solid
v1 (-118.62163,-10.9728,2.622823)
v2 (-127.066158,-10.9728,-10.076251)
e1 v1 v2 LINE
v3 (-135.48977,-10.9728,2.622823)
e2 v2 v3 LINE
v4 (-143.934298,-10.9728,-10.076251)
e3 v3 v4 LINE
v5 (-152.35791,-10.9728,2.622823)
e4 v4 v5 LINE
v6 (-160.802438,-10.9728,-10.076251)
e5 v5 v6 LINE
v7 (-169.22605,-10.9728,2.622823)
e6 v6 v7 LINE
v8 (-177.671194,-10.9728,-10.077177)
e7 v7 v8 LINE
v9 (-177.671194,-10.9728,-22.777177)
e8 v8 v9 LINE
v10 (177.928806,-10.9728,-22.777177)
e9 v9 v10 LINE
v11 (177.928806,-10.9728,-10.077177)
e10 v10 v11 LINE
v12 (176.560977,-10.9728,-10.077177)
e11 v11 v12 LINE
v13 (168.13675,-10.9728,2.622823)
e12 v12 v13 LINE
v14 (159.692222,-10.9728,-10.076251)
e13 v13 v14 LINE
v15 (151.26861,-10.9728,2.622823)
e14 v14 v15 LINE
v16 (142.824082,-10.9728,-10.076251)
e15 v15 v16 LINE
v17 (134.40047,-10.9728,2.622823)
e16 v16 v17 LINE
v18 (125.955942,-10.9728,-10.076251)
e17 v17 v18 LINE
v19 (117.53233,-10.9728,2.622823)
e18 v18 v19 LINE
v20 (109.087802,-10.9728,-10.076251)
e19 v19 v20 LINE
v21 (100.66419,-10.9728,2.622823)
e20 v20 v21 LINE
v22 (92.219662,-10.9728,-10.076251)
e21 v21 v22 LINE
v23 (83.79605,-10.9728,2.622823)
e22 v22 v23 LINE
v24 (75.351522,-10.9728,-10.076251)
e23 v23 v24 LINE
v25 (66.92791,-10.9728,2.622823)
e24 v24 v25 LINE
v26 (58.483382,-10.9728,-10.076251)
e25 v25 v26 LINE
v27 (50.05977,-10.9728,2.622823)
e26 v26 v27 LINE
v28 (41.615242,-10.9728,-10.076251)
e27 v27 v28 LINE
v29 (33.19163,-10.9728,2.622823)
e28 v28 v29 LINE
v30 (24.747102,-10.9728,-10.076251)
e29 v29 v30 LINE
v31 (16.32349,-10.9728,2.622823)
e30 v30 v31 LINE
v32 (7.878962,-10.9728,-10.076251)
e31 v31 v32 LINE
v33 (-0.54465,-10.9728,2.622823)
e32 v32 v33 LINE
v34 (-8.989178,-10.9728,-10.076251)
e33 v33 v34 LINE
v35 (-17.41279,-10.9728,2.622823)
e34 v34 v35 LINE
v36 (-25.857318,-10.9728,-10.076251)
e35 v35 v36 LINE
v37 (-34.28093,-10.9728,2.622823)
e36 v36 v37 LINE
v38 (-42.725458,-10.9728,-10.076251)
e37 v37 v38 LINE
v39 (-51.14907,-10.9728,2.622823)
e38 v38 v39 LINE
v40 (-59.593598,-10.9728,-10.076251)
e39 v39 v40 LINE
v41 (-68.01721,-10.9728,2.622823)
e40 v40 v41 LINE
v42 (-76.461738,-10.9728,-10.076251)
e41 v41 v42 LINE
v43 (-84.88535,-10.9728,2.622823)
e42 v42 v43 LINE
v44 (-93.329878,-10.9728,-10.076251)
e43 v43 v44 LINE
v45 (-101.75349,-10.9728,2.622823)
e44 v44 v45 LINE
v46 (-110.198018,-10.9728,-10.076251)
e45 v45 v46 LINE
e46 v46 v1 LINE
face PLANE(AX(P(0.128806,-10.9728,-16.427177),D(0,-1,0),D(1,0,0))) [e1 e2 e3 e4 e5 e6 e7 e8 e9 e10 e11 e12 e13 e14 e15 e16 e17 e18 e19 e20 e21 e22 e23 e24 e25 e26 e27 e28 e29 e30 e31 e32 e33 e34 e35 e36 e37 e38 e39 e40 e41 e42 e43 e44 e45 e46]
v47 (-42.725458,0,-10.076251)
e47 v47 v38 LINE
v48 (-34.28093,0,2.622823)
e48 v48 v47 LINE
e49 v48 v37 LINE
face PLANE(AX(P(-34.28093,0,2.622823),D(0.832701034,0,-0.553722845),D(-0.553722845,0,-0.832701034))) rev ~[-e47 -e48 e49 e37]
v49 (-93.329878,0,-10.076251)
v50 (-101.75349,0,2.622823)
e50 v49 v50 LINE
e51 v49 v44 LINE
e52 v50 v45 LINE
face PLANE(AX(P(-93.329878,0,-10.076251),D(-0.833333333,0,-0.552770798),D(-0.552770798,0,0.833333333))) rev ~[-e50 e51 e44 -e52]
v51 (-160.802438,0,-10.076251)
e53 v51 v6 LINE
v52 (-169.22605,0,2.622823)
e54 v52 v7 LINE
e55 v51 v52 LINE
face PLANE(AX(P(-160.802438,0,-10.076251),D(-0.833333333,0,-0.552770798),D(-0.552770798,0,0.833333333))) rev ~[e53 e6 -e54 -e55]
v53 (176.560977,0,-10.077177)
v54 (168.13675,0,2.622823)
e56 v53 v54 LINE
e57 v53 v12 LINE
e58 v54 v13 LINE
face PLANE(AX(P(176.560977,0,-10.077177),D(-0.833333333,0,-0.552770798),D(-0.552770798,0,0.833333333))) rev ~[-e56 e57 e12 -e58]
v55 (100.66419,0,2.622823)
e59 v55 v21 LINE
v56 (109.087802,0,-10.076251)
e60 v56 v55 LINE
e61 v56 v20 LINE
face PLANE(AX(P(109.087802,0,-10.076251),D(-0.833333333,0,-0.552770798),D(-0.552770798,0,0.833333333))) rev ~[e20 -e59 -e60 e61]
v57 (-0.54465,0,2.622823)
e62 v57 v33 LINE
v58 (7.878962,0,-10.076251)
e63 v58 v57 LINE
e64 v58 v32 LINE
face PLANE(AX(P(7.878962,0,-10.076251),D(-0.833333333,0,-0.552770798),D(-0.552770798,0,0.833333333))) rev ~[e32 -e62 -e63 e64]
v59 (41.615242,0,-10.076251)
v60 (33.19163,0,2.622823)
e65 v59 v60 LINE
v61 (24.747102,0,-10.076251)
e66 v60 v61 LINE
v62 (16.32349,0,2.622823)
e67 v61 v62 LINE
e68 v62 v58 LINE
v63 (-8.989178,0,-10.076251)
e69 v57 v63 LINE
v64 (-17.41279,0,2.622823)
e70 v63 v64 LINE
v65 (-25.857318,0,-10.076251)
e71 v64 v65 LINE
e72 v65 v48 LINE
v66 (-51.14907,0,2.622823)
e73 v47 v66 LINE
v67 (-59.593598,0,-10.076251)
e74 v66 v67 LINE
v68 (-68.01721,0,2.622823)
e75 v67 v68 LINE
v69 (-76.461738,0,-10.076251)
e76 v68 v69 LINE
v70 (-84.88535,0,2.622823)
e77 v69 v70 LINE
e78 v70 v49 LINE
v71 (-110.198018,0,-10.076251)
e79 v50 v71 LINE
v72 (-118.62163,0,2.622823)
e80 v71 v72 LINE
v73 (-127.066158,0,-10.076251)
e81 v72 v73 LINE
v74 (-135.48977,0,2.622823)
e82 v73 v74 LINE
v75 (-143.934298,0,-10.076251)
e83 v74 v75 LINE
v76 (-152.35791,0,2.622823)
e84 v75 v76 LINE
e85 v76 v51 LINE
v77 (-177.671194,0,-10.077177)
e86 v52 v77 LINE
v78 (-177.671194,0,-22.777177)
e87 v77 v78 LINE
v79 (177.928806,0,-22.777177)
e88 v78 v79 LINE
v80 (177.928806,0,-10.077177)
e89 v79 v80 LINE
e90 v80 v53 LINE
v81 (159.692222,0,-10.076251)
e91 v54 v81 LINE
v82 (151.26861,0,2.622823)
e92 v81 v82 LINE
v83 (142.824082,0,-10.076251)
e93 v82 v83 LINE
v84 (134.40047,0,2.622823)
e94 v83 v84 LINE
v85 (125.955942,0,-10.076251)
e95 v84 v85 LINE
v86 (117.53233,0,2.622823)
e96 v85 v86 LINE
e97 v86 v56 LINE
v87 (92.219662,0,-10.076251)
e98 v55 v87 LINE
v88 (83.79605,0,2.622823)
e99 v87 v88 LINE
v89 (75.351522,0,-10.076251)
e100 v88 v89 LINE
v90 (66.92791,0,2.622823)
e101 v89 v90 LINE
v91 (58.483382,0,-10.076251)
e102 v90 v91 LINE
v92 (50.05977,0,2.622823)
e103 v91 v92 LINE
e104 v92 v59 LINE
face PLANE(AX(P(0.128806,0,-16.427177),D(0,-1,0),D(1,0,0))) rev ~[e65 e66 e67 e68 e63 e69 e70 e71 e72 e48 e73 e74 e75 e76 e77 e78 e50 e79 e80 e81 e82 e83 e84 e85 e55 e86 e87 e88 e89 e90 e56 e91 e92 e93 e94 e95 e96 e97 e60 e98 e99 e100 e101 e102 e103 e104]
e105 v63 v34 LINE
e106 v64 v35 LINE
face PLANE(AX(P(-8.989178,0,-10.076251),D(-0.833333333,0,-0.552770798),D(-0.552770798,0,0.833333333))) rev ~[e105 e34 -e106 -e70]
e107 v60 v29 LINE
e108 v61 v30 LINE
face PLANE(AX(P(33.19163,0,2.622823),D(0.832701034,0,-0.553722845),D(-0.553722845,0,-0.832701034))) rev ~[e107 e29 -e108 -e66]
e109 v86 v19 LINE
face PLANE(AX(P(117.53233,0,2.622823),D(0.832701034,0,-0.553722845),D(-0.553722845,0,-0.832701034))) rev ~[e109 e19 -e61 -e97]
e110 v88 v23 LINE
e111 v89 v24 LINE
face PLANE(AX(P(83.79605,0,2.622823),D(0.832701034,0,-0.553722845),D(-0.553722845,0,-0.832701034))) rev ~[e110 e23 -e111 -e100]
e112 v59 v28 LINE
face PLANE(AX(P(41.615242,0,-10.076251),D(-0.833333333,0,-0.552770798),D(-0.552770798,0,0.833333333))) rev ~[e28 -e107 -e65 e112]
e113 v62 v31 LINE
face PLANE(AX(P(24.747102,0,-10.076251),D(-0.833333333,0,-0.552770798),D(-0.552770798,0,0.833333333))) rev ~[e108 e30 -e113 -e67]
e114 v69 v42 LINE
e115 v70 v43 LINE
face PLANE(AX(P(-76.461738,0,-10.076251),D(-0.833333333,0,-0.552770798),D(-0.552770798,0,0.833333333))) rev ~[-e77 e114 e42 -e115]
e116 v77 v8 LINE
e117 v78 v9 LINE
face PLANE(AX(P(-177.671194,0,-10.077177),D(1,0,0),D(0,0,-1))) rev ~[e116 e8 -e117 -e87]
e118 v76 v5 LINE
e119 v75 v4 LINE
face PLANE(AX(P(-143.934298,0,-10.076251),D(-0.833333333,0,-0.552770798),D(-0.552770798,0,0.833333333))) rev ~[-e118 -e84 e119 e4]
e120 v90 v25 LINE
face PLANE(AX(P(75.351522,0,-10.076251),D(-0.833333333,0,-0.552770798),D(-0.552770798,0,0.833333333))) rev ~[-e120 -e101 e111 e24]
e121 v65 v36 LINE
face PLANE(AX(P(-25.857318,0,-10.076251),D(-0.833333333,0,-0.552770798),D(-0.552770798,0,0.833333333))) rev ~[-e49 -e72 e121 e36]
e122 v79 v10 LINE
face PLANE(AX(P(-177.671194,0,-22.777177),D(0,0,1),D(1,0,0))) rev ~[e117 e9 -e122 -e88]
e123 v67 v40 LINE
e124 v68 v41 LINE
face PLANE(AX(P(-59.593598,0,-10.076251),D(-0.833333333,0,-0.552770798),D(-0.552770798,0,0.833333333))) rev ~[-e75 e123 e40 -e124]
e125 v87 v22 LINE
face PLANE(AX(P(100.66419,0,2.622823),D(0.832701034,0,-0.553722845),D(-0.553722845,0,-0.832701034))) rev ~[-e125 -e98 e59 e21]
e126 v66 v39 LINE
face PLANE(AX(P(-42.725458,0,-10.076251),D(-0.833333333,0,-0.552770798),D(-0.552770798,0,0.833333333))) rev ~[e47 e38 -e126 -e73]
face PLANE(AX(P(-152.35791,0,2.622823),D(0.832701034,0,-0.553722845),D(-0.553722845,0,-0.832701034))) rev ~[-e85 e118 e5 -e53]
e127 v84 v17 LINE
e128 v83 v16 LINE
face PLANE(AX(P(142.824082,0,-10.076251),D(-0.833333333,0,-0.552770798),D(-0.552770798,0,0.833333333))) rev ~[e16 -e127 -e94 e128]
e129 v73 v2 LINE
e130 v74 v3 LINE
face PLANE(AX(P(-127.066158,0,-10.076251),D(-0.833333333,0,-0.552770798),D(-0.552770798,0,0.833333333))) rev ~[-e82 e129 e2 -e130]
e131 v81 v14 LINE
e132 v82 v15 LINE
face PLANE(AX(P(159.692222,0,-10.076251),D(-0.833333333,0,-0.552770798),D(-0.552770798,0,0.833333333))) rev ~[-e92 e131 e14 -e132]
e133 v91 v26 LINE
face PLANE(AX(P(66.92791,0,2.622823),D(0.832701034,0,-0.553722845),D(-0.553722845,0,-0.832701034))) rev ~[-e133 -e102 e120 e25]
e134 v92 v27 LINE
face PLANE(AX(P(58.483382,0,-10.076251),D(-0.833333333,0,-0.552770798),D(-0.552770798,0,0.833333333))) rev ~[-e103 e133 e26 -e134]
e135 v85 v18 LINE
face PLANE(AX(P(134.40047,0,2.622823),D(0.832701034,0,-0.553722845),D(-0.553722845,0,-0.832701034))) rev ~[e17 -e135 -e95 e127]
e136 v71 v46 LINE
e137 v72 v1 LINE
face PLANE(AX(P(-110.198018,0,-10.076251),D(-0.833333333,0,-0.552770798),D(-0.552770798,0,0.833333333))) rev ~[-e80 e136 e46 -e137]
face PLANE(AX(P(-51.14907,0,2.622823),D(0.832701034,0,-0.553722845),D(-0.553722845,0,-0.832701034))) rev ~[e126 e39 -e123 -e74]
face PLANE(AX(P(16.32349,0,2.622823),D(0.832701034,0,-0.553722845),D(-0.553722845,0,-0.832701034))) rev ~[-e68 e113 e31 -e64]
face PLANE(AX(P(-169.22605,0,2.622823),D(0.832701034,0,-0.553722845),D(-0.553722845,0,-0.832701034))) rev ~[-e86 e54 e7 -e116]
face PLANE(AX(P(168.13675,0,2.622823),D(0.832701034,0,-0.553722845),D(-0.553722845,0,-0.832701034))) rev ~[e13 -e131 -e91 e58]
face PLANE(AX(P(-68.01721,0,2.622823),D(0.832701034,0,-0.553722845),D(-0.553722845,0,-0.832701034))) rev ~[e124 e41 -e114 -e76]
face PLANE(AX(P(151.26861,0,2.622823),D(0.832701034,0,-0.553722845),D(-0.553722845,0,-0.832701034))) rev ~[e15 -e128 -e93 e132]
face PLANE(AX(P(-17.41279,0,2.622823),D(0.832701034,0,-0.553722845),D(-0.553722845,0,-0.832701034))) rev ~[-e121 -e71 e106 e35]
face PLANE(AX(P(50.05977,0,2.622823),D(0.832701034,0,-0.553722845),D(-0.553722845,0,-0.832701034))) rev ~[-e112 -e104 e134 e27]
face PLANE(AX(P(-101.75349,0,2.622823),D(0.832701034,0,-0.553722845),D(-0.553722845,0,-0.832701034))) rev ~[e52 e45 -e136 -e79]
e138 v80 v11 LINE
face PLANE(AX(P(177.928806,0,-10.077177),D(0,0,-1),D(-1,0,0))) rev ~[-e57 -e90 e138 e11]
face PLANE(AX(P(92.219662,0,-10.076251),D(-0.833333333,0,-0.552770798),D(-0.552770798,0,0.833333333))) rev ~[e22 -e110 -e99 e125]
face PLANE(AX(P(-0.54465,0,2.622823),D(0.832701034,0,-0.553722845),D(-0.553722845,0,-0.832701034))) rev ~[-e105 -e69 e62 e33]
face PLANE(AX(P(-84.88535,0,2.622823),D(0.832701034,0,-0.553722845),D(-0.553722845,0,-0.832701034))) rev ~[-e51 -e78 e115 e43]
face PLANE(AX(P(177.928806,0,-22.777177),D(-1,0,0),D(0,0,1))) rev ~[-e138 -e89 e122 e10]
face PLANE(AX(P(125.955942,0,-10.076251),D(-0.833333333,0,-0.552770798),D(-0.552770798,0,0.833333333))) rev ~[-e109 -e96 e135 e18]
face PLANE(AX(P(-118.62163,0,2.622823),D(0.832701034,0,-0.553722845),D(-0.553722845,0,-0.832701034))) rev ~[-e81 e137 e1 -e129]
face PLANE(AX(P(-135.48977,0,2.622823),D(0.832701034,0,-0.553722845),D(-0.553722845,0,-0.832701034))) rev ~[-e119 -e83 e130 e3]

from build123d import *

# Parameters (mm, degrees)
F1_DEPTH = 10.9728


with BuildPart() as f1:
    # F0 (on Front) → F1 (new body)
    with BuildSketch(Plane.XZ):
        Polygon((-177.6711943626, -10.0771774247), (-177.6711943626, -22.7771774247), (177.9288056374, -22.7771774247), (177.9288056374, -10.0771774247), (176.5609765906, -10.0771774247), (159.6928365906, -10.0771774247), (159.6916056374, -10.0771774247), (142.8246965906, -10.0771774247), (142.8234656374, -10.0771774247), (125.9565565906, -10.0771774247), (125.9553256374, -10.0771774247), (109.0884165906, -10.0771774247), (109.0871856374, -10.0771774247), (92.2202765906, -10.0771774247), (92.2190456374, -10.0771774247), (75.3521365906, -10.0771774247), (75.3509056374, -10.0771774247), (58.4839965906, -10.0771774247), (58.4827656374, -10.0771774247), (41.6158565906, -10.0771774247), (41.6146256374, -10.0771774247), (24.7477165906, -10.0771774247), (24.7464856374, -10.0771774247), (7.8795765906, -10.0771774247), (7.8783456374, -10.0771774247), (-8.9885634094, -10.0771774247), (-8.9897943626, -10.0771774247), (-25.8567034094, -10.0771774247), (-25.8579343626, -10.0771774247), (-42.7248434094, -10.0771774247), (-42.7260743626, -10.0771774247), (-59.5929834094, -10.0771774247), (-59.5942143626, -10.0771774247), (-76.4611234094, -10.0771774247), (-76.4623543626, -10.0771774247), (-93.3292634094, -10.0771774247), (-93.3304943626, -10.0771774247), (-110.1974034094, -10.0771774247), (-110.1986343626, -10.0771774247), (-127.0655434094, -10.0771774247), (-127.0667743626, -10.0771774247), (-143.9336834094, -10.0771774247), (-143.9349143626, -10.0771774247), (-160.8018234094, -10.0771774247), (-160.8030543626, -10.0771774247), align=None)
        Polygon((-169.2260503769, 2.6228225753), (-177.6711943626, -10.0771774247), (-160.8030543626, -10.0771774247), (-160.8024381229, -10.0762507093), align=None)
        Polygon((-160.8024381229, -10.0762507093), (-160.8030543626, -10.0771774247), (-160.8018234094, -10.0771774247), align=None)
        Polygon((159.6928365906, -10.0771774247), (176.5609765906, -10.0771774247), (168.1367496231, 2.6228225753), (159.6922218771, -10.0762507093), align=None)
        Polygon((-160.8024381229, -10.0762507093), (-160.8018234094, -10.0771774247), (-143.9349143626, -10.0771774247), (-143.9342981229, -10.0762507093), (-152.3579103769, 2.6228225753), align=None)
        Polygon((159.6916056374, -10.0771774247), (159.6928365906, -10.0771774247), (159.6922218771, -10.0762507093), align=None)
        Polygon((-143.9342981229, -10.0762507093), (-143.9349143626, -10.0771774247), (-143.9336834094, -10.0771774247), align=None)
        Polygon((142.8246965906, -10.0771774247), (159.6916056374, -10.0771774247), (159.6922218771, -10.0762507093), (151.2686096231, 2.6228225753), (142.8240818771, -10.0762507093), align=None)
        Polygon((-143.9342981229, -10.0762507093), (-143.9336834094, -10.0771774247), (-127.0667743626, -10.0771774247), (-127.0661581229, -10.0762507093), (-135.4897703769, 2.6228225753), align=None)
        Polygon((142.8234656374, -10.0771774247), (142.8246965906, -10.0771774247), (142.8240818771, -10.0762507093), align=None)
        Polygon((-127.0661581229, -10.0762507093), (-127.0667743626, -10.0771774247), (-127.0655434094, -10.0771774247), align=None)
        Polygon((125.9565565906, -10.0771774247), (142.8234656374, -10.0771774247), (142.8240818771, -10.0762507093), (134.4004696231, 2.6228225753), (125.9559418771, -10.0762507093), align=None)
        Polygon((-127.0661581229, -10.0762507093), (-127.0655434094, -10.0771774247), (-110.1986343626, -10.0771774247), (-110.1980181229, -10.0762507093), (-118.6216303769, 2.6228225753), align=None)
        Polygon((125.9553256374, -10.0771774247), (125.9565565906, -10.0771774247), (125.9559418771, -10.0762507093), align=None)
        Polygon((-110.1980181229, -10.0762507093), (-110.1986343626, -10.0771774247), (-110.1974034094, -10.0771774247), align=None)
        Polygon((109.0884165906, -10.0771774247), (125.9553256374, -10.0771774247), (125.9559418771, -10.0762507093), (117.5323296231, 2.6228225753), (109.0878018771, -10.0762507093), align=None)
        Polygon((-110.1980181229, -10.0762507093), (-110.1974034094, -10.0771774247), (-93.3304943626, -10.0771774247), (-93.3298781229, -10.0762507093), (-101.7534903769, 2.6228225753), align=None)
        Polygon((109.0871856374, -10.0771774247), (109.0884165906, -10.0771774247), (109.0878018771, -10.0762507093), align=None)
        Polygon((-93.3298781229, -10.0762507093), (-93.3304943626, -10.0771774247), (-93.3292634094, -10.0771774247), align=None)
        Polygon((92.2202765906, -10.0771774247), (109.0871856374, -10.0771774247), (109.0878018771, -10.0762507093), (100.6641896231, 2.6228225753), (92.2196618771, -10.0762507093), align=None)
        Polygon((-93.3298781229, -10.0762507093), (-93.3292634094, -10.0771774247), (-76.4623543626, -10.0771774247), (-76.4617381229, -10.0762507093), (-84.8853503769, 2.6228225753), align=None)
        Polygon((92.2190456374, -10.0771774247), (92.2202765906, -10.0771774247), (92.2196618771, -10.0762507093), align=None)
        Polygon((-76.4617381229, -10.0762507093), (-76.4623543626, -10.0771774247), (-76.4611234094, -10.0771774247), align=None)
        Polygon((75.3521365906, -10.0771774247), (92.2190456374, -10.0771774247), (92.2196618771, -10.0762507093), (83.7960496231, 2.6228225753), (75.3515218771, -10.0762507093), align=None)
        Polygon((-76.4617381229, -10.0762507093), (-76.4611234094, -10.0771774247), (-59.5942143626, -10.0771774247), (-59.5935981229, -10.0762507093), (-68.0172103769, 2.6228225753), align=None)
        Polygon((75.3509056374, -10.0771774247), (75.3521365906, -10.0771774247), (75.3515218771, -10.0762507093), align=None)
        Polygon((-59.5935981229, -10.0762507093), (-59.5942143626, -10.0771774247), (-59.5929834094, -10.0771774247), align=None)
        Polygon((58.4839965906, -10.0771774247), (75.3509056374, -10.0771774247), (75.3515218771, -10.0762507093), (66.9279096231, 2.6228225753), (58.4833818771, -10.0762507093), align=None)
        Polygon((-59.5935981229, -10.0762507093), (-59.5929834094, -10.0771774247), (-42.7260743626, -10.0771774247), (-42.7254581229, -10.0762507093), (-51.1490703769, 2.6228225753), align=None)
        Polygon((58.4827656374, -10.0771774247), (58.4839965906, -10.0771774247), (58.4833818771, -10.0762507093), align=None)
        Polygon((-42.7254581229, -10.0762507093), (-42.7260743626, -10.0771774247), (-42.7248434094, -10.0771774247), align=None)
        Polygon((41.6158565906, -10.0771774247), (58.4827656374, -10.0771774247), (58.4833818771, -10.0762507093), (50.0597696231, 2.6228225753), (41.6152418771, -10.0762507093), align=None)
        Polygon((-42.7254581229, -10.0762507093), (-42.7248434094, -10.0771774247), (-25.8579343626, -10.0771774247), (-25.8573181229, -10.0762507093), (-34.2809303769, 2.6228225753), align=None)
        Polygon((41.6146256374, -10.0771774247), (41.6158565906, -10.0771774247), (41.6152418771, -10.0762507093), align=None)
        Polygon((-25.8573181229, -10.0762507093), (-25.8579343626, -10.0771774247), (-25.8567034094, -10.0771774247), align=None)
        Polygon((24.7477165906, -10.0771774247), (41.6146256374, -10.0771774247), (41.6152418771, -10.0762507093), (33.1916296231, 2.6228225753), (24.7471018771, -10.0762507093), align=None)
        Polygon((-25.8573181229, -10.0762507093), (-25.8567034094, -10.0771774247), (-8.9897943626, -10.0771774247), (-8.9891781229, -10.0762507093), (-17.4127903769, 2.6228225753), align=None)
        Polygon((24.7464856374, -10.0771774247), (24.7477165906, -10.0771774247), (24.7471018771, -10.0762507093), align=None)
        Polygon((-8.9891781229, -10.0762507093), (-8.9897943626, -10.0771774247), (-8.9885634094, -10.0771774247), align=None)
        Polygon((7.8795765906, -10.0771774247), (24.7464856374, -10.0771774247), (24.7471018771, -10.0762507093), (16.3234896231, 2.6228225753), (7.8789618771, -10.0762507093), align=None)
        Polygon((-8.9891781229, -10.0762507093), (-8.9885634094, -10.0771774247), (7.8783456374, -10.0771774247), (7.8789618771, -10.0762507093), (-0.5446503769, 2.6228225753), align=None)
        Polygon((7.8783456374, -10.0771774247), (7.8795765906, -10.0771774247), (7.8789618771, -10.0762507093), align=None)
    extrude(amount=F1_DEPTH)


solid = f1.part
